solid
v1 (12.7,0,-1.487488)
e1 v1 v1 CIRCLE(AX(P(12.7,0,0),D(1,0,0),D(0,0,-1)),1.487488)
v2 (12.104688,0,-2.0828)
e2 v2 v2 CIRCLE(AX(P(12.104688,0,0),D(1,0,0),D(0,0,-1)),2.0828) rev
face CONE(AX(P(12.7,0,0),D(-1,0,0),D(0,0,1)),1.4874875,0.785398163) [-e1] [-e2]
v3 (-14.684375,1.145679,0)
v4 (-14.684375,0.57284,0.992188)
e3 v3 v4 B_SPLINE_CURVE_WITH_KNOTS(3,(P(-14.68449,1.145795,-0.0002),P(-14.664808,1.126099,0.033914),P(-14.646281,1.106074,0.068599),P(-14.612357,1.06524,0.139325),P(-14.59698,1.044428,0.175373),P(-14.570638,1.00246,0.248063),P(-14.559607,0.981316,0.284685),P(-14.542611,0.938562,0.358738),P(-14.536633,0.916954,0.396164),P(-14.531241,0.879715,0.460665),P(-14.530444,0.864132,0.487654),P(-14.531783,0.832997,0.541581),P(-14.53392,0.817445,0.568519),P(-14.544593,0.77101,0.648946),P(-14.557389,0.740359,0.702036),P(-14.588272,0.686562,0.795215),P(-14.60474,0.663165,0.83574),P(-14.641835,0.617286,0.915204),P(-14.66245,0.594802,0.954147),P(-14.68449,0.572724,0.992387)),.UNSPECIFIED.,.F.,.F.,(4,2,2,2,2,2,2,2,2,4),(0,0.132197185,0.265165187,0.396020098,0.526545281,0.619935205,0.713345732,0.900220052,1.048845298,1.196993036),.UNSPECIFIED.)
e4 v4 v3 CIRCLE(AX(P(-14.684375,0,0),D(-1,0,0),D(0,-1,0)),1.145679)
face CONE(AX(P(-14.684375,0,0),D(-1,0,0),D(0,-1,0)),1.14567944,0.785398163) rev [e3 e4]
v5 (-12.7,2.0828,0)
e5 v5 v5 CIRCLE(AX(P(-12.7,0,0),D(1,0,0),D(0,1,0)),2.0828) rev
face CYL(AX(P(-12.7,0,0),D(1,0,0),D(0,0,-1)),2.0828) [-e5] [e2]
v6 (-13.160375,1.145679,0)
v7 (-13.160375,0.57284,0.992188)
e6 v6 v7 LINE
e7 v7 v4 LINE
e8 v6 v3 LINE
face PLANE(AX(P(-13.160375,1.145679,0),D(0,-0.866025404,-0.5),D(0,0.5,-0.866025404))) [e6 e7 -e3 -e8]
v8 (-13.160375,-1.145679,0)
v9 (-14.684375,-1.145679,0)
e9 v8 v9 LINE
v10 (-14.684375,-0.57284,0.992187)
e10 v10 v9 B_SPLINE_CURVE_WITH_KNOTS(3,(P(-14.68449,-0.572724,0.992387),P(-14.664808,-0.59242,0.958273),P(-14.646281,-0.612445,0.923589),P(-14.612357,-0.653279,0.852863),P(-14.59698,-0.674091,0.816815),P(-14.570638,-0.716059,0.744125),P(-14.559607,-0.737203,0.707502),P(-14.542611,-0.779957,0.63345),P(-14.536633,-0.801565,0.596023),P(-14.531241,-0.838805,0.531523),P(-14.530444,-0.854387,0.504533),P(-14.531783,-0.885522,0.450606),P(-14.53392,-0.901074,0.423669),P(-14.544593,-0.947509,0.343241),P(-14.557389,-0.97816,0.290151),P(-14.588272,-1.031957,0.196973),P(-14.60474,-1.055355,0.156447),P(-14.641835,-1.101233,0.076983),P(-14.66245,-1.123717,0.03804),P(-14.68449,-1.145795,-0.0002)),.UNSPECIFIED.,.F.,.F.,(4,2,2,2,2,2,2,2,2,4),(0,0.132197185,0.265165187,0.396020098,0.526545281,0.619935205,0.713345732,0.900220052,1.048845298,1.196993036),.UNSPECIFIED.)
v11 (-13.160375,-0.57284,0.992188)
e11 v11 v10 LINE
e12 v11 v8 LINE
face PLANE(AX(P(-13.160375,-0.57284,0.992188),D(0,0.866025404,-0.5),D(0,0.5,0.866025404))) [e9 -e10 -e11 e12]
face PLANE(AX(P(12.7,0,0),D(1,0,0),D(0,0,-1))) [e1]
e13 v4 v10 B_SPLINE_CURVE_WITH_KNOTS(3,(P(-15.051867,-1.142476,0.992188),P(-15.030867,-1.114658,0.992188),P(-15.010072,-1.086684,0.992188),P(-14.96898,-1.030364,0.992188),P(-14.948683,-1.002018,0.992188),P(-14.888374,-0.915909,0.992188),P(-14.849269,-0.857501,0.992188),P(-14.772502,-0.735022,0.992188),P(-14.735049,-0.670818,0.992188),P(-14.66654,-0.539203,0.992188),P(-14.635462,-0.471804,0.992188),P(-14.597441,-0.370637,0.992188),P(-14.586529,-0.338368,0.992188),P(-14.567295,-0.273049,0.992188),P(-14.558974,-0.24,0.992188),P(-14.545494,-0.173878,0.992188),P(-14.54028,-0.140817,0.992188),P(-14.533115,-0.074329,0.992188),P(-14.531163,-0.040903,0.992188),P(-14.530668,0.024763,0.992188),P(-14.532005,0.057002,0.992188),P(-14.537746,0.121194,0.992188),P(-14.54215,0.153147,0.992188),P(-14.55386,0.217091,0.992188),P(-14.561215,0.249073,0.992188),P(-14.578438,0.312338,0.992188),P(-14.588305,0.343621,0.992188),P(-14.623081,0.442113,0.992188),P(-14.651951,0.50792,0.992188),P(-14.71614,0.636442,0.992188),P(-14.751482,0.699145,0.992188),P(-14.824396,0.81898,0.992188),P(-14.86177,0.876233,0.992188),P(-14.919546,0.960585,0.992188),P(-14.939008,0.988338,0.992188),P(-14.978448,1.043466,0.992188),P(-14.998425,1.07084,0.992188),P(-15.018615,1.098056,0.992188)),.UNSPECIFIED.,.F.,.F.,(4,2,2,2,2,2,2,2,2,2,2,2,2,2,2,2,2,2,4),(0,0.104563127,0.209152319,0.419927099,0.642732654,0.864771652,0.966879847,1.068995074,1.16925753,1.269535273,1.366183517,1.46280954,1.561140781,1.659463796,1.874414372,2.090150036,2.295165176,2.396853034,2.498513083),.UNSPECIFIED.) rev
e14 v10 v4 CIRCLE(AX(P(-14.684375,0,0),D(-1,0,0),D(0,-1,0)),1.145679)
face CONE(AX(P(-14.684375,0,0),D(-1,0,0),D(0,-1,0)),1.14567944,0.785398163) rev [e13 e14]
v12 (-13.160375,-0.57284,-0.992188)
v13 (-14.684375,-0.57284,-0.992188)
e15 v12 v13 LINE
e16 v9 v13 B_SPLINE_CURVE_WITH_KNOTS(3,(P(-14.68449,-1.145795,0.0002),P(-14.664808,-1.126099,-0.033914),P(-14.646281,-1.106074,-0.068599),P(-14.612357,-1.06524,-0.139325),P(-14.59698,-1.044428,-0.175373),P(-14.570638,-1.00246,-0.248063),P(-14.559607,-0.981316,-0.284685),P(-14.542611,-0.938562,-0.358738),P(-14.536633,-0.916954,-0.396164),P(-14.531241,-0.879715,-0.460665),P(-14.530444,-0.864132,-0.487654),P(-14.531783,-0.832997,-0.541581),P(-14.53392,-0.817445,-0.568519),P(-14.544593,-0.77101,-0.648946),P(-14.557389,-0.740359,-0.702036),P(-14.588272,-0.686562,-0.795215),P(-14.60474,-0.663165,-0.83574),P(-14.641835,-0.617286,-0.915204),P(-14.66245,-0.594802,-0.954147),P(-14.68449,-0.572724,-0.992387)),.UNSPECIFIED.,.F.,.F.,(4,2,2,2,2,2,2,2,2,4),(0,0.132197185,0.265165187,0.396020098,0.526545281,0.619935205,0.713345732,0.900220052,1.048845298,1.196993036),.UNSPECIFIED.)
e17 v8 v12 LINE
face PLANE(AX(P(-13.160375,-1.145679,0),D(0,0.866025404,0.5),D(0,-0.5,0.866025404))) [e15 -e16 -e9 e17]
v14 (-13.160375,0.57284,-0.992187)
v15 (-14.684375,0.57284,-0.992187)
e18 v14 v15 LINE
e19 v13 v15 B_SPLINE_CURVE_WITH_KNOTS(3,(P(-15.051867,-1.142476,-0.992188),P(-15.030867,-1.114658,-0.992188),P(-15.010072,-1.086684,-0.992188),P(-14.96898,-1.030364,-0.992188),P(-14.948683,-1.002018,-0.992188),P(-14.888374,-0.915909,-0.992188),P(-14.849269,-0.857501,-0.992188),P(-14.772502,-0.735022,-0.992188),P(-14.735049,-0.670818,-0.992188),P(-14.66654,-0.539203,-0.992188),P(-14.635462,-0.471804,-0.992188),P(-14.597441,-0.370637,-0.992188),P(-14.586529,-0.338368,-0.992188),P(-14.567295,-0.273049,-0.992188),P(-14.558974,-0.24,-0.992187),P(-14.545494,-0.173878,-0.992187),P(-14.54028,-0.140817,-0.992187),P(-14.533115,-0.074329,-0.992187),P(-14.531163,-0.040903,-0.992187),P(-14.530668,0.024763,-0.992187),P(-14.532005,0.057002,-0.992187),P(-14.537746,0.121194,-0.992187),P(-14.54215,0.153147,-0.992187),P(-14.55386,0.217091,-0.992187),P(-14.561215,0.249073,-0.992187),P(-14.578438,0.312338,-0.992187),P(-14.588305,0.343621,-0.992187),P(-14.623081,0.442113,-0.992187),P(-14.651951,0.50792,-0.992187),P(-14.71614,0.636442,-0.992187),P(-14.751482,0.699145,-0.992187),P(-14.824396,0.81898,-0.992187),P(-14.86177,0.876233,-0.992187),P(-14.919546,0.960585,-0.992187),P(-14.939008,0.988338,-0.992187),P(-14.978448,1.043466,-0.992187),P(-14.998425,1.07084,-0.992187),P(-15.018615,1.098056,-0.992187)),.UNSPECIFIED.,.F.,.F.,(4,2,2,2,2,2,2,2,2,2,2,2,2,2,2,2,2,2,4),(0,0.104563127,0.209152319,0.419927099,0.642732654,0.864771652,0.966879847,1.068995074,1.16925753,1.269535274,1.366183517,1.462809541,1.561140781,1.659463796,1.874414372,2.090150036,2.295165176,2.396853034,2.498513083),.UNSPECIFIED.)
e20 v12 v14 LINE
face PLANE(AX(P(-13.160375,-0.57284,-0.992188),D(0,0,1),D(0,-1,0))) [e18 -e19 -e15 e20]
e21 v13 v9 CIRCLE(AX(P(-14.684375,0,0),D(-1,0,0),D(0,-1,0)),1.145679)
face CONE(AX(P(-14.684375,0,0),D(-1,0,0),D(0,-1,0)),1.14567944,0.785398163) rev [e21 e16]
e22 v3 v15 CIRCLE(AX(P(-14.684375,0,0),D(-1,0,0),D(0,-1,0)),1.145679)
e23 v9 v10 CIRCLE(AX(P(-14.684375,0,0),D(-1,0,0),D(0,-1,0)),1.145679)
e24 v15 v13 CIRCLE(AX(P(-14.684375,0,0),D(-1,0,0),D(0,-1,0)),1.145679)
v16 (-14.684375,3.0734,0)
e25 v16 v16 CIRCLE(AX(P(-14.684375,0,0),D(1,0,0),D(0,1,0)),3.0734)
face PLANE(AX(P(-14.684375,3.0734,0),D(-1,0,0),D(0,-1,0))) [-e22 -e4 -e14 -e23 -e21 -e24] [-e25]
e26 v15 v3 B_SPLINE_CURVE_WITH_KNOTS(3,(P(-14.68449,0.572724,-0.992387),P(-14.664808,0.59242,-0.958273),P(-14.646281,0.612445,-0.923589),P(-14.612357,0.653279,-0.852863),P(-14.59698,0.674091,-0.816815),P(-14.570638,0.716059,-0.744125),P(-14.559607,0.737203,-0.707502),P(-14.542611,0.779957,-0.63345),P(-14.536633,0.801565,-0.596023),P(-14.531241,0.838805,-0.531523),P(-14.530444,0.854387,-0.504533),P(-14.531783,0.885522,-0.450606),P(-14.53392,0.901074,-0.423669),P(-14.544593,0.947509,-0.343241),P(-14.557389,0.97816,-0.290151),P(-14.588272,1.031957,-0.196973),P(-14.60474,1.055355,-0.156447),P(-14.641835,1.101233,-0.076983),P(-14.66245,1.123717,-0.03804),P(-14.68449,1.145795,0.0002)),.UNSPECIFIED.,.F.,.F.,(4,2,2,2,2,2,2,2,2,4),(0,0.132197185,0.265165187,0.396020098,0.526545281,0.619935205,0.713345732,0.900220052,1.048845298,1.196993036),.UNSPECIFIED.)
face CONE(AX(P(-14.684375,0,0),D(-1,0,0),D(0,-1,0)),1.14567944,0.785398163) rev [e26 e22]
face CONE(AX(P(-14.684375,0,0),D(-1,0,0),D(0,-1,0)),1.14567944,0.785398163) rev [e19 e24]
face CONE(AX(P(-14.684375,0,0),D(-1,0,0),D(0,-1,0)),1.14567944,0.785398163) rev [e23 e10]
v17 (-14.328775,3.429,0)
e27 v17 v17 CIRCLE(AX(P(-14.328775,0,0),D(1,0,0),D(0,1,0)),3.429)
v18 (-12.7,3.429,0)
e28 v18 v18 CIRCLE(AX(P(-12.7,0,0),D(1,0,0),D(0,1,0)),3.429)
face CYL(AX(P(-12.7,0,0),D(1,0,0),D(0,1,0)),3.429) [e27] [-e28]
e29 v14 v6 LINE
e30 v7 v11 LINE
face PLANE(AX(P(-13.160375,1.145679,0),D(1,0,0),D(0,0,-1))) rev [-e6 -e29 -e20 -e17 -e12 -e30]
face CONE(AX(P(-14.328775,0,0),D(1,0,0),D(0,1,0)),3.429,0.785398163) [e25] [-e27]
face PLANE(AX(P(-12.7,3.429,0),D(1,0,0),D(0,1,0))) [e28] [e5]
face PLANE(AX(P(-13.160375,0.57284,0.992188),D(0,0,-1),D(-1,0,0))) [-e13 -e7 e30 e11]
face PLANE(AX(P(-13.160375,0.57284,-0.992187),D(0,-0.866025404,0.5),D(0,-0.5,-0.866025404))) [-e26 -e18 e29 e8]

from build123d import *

# Parameters (mm, degrees)
SKETCH2_R           = 2.0828
BOSS_EXTRUDE1_DEPTH = 25.4
CHAMFER1_SIZE       = 0.5953125
CUT_EXTRUDE1_DEPTH  = 1.524


with BuildPart() as part:
    # Sketch2 → Boss-Extrude1 (new body)
    with BuildSketch(Plane(origin=(12.7, 0, 0), x_dir=(0, 0, -1), z_dir=(1, 0, 0))):
        Circle(SKETCH2_R)
    extrude(amount=-BOSS_EXTRUDE1_DEPTH)

    # Chamfer1
    chamfer1_edges = [part.edges().sort_by_distance(p)[0] for p in [
        (12.7, 0, 2.0828),
    ]]
    chamfer(chamfer1_edges, length=CHAMFER1_SIZE)

    # Sketch6 → Revolve1 (revolve)
    with BuildSketch(Plane.XY):
        Polygon((-14.328775, 3.429), (-14.684375, 3.0734), (-14.684375, 0), (-12.7, 0), (-12.7, 3.429), align=None)
    revolve(axis=Axis((-12.7, 0, 0), (-1, 0, 0)))

    # Sketch4 → Cut-Extrude1 (cut)
    with BuildSketch(Plane(origin=(-14.684375, 0, 0), x_dir=(0, 0, -1), z_dir=(1, 0, 0))):
        Polygon((0, 1.14567944), (-0.9921875, 0.57283972), (-0.9921875, -0.57283972), (0, -1.14567944), (0.9921875, -0.57283972), (0.9921875, 0.57283972), align=None)
    extrude(amount=CUT_EXTRUDE1_DEPTH, mode=Mode.SUBTRACT)

    # Cut-Extrude2 cone 1 section (through the dimple's axis) → Cut-Extrude2 (revolve, cut)
    with BuildSketch(Plane(origin=(-14.684375, 0, 0), x_dir=(0, 0, 1), z_dir=(0, 1, 0))):
        Polygon((0, 0), (1.14567944, 0), (0, 1.14567944), align=None)
    revolve(axis=Axis((-14.684375, 0, 0), (1, 0, 0)), mode=Mode.SUBTRACT)


solid = part.part
